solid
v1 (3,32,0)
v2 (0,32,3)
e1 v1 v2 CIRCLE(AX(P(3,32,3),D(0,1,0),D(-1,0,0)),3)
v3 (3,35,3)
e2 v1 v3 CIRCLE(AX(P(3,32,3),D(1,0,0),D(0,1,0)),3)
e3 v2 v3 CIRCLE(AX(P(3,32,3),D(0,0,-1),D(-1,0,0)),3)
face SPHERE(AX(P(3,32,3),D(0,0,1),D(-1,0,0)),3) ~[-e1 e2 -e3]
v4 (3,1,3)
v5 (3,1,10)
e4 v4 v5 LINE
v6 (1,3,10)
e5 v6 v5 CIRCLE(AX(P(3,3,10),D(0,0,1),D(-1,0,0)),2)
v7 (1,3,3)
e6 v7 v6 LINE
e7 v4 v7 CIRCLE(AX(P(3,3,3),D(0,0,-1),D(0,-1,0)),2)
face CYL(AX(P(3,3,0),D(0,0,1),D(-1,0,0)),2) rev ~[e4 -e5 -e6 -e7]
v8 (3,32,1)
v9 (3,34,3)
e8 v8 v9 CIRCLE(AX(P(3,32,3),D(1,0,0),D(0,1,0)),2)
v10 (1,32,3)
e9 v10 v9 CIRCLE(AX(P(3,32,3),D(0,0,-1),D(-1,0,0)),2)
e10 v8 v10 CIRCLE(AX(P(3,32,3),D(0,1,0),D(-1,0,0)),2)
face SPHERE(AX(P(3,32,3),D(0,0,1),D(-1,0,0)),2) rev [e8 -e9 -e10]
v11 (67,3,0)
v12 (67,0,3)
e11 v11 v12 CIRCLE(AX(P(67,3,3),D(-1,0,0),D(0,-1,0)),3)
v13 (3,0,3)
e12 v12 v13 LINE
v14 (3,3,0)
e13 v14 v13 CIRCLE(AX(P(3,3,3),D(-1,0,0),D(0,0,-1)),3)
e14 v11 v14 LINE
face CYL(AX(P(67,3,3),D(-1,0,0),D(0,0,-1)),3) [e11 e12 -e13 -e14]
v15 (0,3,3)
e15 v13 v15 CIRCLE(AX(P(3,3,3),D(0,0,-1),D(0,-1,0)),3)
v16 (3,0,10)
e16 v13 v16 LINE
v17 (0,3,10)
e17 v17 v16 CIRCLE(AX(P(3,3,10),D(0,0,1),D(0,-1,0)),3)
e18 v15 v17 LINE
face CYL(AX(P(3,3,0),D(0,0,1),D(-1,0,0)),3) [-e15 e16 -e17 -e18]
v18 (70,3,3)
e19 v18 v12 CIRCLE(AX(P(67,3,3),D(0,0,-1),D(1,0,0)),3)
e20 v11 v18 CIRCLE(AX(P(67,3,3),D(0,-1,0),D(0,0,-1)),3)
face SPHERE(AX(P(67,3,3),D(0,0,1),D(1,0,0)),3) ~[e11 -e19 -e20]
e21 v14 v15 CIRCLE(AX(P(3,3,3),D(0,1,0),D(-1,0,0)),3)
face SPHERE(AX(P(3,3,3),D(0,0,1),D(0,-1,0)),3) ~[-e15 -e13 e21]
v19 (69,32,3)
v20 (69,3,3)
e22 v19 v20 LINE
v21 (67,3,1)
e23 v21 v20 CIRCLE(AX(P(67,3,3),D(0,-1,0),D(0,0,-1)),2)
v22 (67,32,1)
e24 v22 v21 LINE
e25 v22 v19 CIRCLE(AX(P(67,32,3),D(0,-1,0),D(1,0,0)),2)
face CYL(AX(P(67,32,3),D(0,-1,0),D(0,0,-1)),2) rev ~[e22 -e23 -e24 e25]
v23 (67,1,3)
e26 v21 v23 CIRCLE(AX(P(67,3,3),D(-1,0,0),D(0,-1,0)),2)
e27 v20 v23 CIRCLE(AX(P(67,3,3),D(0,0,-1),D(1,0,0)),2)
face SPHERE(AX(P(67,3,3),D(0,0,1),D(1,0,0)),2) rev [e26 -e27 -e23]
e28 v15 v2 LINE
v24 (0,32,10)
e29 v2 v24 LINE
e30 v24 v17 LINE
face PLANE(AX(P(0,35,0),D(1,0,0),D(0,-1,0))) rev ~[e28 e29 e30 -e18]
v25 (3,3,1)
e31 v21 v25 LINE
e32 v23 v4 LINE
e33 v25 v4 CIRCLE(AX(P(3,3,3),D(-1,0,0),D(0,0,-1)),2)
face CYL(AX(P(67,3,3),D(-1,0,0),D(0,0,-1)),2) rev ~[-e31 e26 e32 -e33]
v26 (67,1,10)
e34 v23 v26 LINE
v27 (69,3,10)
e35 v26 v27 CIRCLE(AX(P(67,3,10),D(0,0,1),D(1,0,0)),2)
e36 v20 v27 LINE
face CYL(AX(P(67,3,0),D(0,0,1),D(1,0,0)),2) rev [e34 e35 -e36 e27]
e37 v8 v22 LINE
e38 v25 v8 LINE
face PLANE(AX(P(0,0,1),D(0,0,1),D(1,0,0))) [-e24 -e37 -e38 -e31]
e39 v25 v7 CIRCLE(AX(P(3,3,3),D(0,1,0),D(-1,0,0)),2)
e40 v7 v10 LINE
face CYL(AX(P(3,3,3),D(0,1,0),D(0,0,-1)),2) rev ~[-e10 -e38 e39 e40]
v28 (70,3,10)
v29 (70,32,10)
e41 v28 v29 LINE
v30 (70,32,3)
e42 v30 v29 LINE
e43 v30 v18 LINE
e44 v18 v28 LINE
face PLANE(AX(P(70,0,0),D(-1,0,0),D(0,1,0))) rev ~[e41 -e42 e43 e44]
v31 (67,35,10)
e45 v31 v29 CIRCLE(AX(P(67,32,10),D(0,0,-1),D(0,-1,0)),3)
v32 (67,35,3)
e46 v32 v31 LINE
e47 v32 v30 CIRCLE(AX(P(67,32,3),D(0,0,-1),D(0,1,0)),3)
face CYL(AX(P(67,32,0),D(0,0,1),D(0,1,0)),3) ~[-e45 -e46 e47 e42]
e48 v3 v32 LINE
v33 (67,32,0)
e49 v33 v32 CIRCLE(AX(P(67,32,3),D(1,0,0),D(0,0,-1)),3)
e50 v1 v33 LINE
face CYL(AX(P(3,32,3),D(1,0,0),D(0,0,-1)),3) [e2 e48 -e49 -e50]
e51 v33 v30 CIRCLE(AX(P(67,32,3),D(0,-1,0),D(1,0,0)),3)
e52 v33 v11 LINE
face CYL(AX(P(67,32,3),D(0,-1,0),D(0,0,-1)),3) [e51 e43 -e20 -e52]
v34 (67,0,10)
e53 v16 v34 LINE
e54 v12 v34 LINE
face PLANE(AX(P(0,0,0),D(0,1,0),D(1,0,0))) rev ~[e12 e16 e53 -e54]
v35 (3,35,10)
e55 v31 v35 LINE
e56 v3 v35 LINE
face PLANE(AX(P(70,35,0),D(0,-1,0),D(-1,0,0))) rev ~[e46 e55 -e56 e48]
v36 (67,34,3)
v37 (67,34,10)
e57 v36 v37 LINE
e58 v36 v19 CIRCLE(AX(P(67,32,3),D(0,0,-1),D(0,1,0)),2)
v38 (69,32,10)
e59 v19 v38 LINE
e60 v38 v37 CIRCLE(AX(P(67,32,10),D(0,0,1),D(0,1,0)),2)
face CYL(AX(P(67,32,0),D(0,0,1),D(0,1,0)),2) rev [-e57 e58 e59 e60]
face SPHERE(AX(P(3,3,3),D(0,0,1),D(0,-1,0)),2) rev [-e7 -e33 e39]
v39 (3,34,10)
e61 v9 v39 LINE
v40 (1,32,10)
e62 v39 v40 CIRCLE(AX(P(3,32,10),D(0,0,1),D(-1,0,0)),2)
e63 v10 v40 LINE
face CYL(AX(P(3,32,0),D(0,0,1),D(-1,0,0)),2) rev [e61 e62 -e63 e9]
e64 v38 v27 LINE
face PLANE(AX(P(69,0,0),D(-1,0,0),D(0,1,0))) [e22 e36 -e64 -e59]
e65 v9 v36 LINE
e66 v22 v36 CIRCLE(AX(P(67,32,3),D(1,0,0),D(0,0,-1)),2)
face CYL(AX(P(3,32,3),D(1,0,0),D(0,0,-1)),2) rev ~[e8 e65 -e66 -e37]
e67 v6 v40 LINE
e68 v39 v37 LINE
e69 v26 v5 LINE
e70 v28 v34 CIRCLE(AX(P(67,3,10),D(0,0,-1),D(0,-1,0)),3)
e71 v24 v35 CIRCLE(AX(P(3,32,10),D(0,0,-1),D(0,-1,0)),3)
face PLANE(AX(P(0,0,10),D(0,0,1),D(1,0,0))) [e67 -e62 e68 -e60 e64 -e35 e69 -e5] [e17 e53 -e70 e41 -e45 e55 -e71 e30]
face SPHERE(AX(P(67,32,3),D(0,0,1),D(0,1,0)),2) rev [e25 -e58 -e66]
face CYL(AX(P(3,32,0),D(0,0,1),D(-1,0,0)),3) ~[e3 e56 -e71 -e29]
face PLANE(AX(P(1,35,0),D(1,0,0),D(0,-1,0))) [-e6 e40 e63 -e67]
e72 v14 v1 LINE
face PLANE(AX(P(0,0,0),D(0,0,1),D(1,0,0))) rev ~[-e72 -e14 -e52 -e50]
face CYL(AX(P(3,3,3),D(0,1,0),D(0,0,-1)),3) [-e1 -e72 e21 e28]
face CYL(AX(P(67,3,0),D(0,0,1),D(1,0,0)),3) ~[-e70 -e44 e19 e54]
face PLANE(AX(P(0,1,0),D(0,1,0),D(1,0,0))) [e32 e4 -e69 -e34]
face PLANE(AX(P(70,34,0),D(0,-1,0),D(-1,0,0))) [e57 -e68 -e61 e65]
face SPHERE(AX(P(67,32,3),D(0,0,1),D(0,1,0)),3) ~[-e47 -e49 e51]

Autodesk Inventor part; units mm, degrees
ref_plane "YZ Plane" through (0, 0, 0) normal (1, 0, 0) x (0, 1, 0)
ref_plane "XZ Plane" through (0, 0, 0) normal (0, 1, 0) x (-1, 0, 0)
ref_plane "XY Plane" through (0, 0, 0) normal (0, 0, 1) x (1, 0, 0)
sketch "Esboço1" plane through (0, 0, 0) normal (0, 0, 1) x (1, 0, 0)
  line L0 (0, 0) -> (70, 0)
  line L1 (70, 0) -> (70, 35)
  line L2 (70, 35) -> (0, 35)
  line L3 (0, 35) -> (0, 0)
  dimension "d0" = 70
  dimension "d1" = 35
extrude "Extrusão1" add sketch "Esboço1" along normal blind 10
fillet "Arredondamento1" radius 3 4 edges at (70, 35, 5) (70, 0, 5) (0, 35, 5) (0, 0, 5)
fillet "Arredondamento2" radius 3 8 edges at (0.8787, 34.1213, 0) (0, 17.5, 0) (0.8787, 0.8787, 0) (35, 0, 0) (69.1213, 0.8787, 0) (70, 17.5, 0) (69.1213, 34.1213, 0) (35, 35, 0)
shell "Casca1" thickness 1 removed faces 1 at (45.6667, 11.6667, 10)
properties part number "Peça3-Rubia"
